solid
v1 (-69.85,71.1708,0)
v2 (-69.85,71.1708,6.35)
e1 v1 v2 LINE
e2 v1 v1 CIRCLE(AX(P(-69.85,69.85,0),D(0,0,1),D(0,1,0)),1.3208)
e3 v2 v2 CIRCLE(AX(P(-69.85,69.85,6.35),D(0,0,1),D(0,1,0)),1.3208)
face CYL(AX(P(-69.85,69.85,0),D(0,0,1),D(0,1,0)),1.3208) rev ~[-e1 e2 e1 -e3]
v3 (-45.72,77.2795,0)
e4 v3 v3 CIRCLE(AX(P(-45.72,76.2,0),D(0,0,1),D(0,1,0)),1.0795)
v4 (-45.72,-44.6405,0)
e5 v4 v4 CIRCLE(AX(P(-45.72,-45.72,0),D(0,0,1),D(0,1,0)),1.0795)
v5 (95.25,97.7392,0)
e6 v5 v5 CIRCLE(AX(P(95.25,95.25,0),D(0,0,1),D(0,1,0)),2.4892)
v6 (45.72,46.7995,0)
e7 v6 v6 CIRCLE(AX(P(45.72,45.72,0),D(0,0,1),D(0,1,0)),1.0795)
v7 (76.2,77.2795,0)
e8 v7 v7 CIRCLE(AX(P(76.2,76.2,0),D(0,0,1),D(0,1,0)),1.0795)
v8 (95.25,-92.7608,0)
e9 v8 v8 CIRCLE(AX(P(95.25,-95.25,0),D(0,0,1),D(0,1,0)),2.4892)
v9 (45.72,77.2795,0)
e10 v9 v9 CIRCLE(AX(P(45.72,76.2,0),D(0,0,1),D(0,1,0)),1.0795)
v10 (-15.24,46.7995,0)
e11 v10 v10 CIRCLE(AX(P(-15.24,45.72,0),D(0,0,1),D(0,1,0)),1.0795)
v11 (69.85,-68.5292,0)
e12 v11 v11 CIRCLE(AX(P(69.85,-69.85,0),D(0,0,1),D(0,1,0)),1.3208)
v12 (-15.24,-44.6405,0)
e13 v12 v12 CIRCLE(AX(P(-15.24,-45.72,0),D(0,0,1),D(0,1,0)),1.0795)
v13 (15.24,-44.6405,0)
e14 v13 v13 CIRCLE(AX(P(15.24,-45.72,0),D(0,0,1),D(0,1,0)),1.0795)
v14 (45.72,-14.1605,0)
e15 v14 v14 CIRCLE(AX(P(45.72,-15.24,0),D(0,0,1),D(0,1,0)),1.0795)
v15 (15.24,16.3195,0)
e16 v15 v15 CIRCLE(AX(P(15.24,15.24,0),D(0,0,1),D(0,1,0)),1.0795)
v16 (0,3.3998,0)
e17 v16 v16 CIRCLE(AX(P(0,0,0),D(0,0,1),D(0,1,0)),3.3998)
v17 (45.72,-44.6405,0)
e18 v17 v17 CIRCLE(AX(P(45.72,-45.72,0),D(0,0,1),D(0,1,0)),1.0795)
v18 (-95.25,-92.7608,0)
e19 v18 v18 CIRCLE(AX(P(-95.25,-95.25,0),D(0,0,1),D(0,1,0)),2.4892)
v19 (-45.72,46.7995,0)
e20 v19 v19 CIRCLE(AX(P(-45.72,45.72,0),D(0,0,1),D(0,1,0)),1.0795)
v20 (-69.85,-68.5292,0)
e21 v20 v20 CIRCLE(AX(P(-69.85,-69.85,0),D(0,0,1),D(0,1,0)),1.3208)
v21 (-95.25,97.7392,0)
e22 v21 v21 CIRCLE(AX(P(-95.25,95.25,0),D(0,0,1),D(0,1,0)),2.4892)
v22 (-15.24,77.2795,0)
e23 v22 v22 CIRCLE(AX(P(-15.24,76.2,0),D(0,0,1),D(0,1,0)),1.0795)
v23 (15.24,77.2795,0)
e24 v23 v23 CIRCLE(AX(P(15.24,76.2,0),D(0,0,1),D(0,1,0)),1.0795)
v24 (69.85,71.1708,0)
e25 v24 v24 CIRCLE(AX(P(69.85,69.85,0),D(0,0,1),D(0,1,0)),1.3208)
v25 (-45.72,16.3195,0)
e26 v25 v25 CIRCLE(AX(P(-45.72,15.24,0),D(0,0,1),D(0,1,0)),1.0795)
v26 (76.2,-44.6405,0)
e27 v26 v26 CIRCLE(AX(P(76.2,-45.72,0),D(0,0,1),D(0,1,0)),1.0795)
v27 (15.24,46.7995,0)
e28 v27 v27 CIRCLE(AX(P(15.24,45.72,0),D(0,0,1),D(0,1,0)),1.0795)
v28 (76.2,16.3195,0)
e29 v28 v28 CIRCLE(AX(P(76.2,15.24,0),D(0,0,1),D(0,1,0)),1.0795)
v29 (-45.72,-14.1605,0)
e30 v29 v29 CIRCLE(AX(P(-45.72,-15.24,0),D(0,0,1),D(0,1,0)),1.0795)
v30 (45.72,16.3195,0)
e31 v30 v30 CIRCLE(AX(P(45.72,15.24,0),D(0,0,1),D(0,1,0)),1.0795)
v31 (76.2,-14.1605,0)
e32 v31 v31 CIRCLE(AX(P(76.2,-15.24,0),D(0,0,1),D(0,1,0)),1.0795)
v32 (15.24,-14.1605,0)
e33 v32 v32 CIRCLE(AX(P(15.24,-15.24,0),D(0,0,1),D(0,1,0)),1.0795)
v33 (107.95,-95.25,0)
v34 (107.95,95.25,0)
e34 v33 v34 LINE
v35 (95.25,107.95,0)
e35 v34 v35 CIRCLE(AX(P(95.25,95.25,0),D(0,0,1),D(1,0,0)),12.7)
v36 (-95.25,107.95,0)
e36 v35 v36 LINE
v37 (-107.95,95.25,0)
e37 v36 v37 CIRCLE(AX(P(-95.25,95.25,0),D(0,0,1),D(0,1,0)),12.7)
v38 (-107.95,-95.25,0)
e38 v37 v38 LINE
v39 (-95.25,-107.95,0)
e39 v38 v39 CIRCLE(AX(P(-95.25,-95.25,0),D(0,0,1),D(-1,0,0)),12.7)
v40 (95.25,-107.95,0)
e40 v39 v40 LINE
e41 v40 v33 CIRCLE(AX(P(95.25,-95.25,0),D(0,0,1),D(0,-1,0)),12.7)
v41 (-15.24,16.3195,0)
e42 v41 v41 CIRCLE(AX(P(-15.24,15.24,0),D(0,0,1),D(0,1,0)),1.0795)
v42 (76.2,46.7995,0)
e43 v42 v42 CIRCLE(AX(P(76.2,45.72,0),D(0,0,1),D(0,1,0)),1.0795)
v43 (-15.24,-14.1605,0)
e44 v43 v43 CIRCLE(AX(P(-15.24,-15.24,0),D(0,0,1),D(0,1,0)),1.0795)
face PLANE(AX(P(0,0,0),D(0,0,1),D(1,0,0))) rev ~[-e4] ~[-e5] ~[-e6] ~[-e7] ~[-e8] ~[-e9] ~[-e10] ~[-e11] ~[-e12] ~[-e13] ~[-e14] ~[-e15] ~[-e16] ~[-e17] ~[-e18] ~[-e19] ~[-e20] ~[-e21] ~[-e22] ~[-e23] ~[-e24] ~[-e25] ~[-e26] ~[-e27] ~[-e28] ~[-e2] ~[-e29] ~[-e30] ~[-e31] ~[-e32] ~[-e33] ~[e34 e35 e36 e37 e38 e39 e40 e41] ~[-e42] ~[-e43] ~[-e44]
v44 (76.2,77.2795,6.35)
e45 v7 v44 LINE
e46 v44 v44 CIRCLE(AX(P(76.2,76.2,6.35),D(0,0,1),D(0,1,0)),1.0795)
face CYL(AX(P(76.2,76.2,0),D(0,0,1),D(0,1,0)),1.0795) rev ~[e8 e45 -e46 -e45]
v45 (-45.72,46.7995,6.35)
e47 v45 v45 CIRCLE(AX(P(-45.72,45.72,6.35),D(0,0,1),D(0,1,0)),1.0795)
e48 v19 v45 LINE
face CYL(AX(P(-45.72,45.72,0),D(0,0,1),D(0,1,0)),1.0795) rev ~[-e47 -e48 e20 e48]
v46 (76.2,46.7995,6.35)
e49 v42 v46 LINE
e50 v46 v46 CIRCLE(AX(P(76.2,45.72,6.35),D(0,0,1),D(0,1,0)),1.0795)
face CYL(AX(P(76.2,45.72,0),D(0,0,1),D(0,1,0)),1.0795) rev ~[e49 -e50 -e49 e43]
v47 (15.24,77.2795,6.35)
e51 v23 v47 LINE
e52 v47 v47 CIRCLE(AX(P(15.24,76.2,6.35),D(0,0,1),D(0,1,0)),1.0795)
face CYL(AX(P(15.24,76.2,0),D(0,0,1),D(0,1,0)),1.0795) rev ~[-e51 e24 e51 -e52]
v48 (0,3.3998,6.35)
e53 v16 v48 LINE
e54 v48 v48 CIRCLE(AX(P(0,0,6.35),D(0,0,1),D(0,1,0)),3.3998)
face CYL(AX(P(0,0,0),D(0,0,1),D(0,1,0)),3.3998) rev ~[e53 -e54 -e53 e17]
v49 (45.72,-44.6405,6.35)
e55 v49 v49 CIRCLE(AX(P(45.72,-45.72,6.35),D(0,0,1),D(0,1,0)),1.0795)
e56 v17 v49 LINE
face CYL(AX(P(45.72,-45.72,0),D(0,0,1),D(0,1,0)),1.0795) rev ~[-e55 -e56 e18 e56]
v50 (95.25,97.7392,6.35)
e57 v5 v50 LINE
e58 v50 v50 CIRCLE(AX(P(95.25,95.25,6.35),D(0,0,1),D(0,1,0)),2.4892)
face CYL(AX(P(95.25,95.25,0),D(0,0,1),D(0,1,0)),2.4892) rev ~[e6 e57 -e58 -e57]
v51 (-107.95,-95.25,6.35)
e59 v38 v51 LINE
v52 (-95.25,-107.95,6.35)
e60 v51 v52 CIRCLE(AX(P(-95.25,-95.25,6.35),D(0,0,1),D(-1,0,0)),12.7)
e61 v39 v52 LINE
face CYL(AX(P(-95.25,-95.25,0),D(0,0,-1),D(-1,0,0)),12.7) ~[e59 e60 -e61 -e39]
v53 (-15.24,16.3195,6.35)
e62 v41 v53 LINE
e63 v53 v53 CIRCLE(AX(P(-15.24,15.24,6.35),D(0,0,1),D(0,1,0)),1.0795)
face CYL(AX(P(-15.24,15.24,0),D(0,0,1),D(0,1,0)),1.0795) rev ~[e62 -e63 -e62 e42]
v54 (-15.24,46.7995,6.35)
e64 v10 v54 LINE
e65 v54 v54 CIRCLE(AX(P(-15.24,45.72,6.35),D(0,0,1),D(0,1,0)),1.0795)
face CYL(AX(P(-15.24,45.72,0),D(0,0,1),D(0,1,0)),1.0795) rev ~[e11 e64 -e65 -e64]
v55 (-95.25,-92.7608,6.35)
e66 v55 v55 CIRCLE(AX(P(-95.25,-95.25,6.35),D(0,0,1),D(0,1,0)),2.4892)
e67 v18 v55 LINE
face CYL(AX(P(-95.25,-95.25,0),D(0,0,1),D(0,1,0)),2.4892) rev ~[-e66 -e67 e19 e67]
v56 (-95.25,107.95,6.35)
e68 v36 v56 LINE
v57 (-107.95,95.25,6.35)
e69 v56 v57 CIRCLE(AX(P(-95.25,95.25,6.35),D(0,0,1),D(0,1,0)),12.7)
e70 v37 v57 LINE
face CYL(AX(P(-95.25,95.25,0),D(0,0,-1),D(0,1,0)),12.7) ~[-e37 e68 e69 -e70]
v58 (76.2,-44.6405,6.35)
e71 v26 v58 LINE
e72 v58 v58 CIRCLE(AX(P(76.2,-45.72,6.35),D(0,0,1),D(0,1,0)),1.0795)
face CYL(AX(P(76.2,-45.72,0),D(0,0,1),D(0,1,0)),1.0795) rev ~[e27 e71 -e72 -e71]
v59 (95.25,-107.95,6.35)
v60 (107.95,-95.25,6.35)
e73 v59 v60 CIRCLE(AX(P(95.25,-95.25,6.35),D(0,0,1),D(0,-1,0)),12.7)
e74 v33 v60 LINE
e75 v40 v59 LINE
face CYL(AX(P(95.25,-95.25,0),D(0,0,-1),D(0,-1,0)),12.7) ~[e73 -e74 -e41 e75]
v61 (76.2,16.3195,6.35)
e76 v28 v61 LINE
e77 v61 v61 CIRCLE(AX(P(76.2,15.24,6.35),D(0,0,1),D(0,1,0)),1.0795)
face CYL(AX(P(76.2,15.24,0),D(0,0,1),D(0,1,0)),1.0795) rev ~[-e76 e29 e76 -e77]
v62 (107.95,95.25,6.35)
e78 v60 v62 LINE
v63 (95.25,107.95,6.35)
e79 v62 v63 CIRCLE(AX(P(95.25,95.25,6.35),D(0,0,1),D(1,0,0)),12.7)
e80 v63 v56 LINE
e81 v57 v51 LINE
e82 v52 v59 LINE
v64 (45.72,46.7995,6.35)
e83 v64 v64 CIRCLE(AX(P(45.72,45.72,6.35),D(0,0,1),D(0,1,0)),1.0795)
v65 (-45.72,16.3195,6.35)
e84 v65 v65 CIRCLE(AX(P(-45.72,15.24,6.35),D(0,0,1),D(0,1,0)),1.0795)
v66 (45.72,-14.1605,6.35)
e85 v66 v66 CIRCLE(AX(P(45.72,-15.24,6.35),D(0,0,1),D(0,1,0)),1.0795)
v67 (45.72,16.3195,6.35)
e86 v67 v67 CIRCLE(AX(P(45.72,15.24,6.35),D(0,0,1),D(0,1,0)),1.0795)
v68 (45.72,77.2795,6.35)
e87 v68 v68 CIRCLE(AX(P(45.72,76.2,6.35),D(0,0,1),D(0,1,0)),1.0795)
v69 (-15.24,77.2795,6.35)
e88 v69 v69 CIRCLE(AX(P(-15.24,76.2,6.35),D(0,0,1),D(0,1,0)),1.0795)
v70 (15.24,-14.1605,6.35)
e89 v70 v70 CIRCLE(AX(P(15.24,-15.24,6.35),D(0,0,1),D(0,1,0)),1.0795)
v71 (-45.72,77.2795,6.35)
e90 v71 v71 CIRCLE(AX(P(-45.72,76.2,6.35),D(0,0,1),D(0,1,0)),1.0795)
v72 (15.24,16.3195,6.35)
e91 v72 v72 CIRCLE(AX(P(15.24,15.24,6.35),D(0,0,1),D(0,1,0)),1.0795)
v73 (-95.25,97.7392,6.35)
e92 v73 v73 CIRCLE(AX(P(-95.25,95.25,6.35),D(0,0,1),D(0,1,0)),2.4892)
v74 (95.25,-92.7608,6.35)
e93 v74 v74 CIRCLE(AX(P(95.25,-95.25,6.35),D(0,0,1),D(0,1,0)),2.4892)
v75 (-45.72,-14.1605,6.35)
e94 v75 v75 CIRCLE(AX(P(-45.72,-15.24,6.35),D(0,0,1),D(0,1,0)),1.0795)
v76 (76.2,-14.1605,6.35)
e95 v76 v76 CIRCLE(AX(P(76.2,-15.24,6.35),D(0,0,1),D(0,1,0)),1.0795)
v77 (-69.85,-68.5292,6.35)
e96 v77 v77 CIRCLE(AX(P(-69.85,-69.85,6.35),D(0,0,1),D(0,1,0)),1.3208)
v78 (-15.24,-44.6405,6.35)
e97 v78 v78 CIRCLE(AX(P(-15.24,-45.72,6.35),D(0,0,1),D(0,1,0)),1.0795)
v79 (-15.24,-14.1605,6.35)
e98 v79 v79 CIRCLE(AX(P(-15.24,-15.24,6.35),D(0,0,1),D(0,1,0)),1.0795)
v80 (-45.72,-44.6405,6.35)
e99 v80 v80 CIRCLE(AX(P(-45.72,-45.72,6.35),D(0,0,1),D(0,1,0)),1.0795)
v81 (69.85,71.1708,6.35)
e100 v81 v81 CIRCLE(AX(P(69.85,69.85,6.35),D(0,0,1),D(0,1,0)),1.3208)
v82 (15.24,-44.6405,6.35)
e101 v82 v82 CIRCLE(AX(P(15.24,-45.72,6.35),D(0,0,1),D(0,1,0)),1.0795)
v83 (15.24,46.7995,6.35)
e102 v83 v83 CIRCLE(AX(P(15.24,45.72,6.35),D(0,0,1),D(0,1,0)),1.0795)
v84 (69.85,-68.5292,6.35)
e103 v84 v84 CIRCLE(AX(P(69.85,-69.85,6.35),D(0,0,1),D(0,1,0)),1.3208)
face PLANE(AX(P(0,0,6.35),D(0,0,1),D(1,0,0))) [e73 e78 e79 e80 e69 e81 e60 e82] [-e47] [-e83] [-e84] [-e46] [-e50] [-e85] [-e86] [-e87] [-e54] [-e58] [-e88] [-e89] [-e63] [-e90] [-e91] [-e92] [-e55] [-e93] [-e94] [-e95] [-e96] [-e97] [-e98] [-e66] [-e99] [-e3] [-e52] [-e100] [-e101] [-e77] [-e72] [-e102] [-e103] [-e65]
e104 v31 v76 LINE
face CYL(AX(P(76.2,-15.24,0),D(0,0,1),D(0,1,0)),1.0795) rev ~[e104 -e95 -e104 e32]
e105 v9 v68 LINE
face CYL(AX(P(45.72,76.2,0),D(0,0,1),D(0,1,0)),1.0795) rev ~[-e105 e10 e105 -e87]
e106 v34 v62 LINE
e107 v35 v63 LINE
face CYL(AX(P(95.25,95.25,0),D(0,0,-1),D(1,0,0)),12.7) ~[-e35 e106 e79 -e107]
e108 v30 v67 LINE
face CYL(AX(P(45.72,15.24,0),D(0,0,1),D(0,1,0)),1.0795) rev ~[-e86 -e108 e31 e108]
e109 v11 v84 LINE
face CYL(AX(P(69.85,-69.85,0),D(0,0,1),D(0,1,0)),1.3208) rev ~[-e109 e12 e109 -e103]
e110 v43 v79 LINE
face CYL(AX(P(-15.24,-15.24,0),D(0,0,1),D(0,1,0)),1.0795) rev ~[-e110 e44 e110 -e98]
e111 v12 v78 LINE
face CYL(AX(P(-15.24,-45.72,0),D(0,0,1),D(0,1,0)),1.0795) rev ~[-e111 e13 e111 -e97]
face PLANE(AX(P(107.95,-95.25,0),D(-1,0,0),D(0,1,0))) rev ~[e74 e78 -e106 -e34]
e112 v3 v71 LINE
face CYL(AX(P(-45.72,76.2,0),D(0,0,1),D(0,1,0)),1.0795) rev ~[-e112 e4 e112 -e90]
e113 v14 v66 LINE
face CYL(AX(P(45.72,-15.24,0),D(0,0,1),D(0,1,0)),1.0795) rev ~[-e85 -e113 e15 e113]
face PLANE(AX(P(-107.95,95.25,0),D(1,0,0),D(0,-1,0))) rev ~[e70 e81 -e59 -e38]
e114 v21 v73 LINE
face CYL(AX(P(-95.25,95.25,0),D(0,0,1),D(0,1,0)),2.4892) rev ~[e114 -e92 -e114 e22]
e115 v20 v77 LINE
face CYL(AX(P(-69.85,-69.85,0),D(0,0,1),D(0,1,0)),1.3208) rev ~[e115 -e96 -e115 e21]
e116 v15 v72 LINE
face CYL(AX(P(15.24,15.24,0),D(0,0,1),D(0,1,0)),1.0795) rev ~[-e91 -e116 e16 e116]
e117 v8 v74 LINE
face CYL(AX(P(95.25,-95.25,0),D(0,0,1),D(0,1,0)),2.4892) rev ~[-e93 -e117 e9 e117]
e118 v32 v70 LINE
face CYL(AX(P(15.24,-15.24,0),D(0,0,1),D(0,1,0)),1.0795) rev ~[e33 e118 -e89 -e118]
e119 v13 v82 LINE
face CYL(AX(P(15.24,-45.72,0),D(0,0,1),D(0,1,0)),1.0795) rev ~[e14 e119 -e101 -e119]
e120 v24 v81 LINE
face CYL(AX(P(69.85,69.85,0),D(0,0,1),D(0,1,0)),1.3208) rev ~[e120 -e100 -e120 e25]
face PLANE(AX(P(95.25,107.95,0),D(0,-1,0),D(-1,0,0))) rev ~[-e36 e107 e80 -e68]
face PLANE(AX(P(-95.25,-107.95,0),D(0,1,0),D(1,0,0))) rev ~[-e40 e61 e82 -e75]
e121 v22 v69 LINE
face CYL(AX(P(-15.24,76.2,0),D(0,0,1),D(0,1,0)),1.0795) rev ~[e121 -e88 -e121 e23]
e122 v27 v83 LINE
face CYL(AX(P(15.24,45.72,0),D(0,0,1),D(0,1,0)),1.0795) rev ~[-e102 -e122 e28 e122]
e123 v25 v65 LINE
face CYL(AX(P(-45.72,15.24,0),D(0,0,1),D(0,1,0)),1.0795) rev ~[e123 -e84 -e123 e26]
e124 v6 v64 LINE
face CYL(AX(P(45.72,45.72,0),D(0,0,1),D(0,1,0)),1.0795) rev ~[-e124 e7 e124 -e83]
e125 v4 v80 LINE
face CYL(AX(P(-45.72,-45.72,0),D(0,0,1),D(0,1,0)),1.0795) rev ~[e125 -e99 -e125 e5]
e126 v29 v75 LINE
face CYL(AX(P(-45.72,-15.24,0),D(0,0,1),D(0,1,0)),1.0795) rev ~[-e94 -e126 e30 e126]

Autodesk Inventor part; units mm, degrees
ref_plane "YZ Plane" through (0, 0, 0) normal (1, 0, 0) x (0, 1, 0)
ref_plane "XZ Plane" through (0, 0, 0) normal (0, 1, 0) x (-1, 0, 0)
ref_plane "XY Plane" through (0, 0, 0) normal (0, 0, 1) x (1, 0, 0)
sketch "Sketch1" plane through (0, 0, 0) normal (0, 0, 1) x (1, 0, 0)
  line L0 (-95.25, -107.95) -> (95.25, -107.95)
  line L1 (107.95, -95.25) -> (107.95, 95.25)
  line L2 (95.25, 107.95) -> (-95.25, 107.95)
  line L3 (-107.95, 95.25) -> (-107.95, -95.25)
  arc A0 (-95.25, 107.95) -> (-107.95, 95.25) centre (-95.25, 95.25) ccw
  arc A1 (107.95, 95.25) -> (95.25, 107.95) centre (95.25, 95.25) ccw
  arc A2 (95.25, -107.95) -> (107.95, -95.25) centre (95.25, -95.25) ccw
  arc A3 (-107.95, -95.25) -> (-95.25, -107.95) centre (-95.25, -95.25) ccw
  line L4 (-69.85, 69.85) -> (69.85, 69.85) construction
  line L5 (69.85, 69.85) -> (69.85, -69.85) construction
  line L6 (69.85, -69.85) -> (-69.85, -69.85) construction
  line L7 (-69.85, -69.85) -> (-69.85, 69.85) construction
  line L8 (-154.8124, 0) -> (154.8124, 0) construction
  line L9 (0, -154.8124) -> (0, 154.8124) construction
  point P0 (0, 0)
  point P1 (-107.95, -107.95)
  point P2 (107.95, 107.95)
  point P3 (107.95, -107.95)
  point P4 (-107.95, 107.95)
  point P5 (0, 0)
  point P6 (0, 107.95)
  point P7 (107.95, 0)
  point P8 (0, 0)
  point P9 (69.85, 0)
  point P10 (0, 69.85)
  point P11 (-45.72, -45.72)
  point P12 (-45.72, -15.24)
  point P13 (-45.72, 15.24)
  point P14 (-45.72, 45.72)
  point P15 (-45.72, 76.2)
  point P16 (-15.24, -45.72)
  point P17 (-15.24, -15.24)
  point P18 (-15.24, 15.24)
  point P19 (-15.24, 45.72)
  point P20 (-15.24, 76.2)
  point P21 (15.24, -45.72)
  point P22 (15.24, -15.24)
  point P23 (15.24, 15.24)
  point P24 (15.24, 45.72)
  point P25 (15.24, 76.2)
  point P26 (45.72, -45.72)
  point P27 (45.72, -15.24)
  point P28 (45.72, 15.24)
  point P29 (45.72, 45.72)
  point P30 (45.72, 76.2)
  point P31 (76.2, -45.72)
  point P32 (76.2, -15.24)
  point P33 (76.2, 15.24)
  point P34 (76.2, 45.72)
  point P35 (76.2, 76.2)
  dimension "d0" = 215.9
  dimension "d1" = 215.9
  dimension "d46" = 12.7
  dimension "d61" = 139.7
  dimension "d62" = 139.7
  dimension "d65" = 30.48
  dimension "d68" = 30.48
extrude "Extrusion1" add sketch "Sketch1" along normal blind 6.35
hole "Hole5" at (-95.25, 95.25, 0) at (95.25, 95.25, 0) at (95.25, -95.25, 0) at (-95.25, -95.25, 0) direction (0, 0, 1) diameter 4.9784 end through all thread size "1/4-20 UNC" class "2B" standard "ANSI Unified Screw Threads"
hole "Hole6" at (0, 0, 0) direction (0, 0, 1) diameter 6.7996 end through all
hole "Hole7" at (-45.72, -45.72, 0) at (-45.72, -15.24, 0) at (-45.72, 15.24, 0) at (-45.72, 45.72, 0) at (-45.72, 76.2, 0) at (-15.24, -45.72, 0) at (-15.24, -15.24, 0) at (-15.24, 15.24, 0) at (-15.24, 45.72, 0) at (-15.24, 76.2, 0) at (15.24, -45.72, 0) at (15.24, -15.24, 0) at (15.24, 15.24, 0) at (15.24, 45.72, 0) at (15.24, 76.2, 0) at (45.72, -45.72, 0) at (45.72, -15.24, 0) at (45.72, 15.24, 0) at (45.72, 45.72, 0) at (45.72, 76.2, 0) at (76.2, -45.72, 0) at (76.2, -15.24, 0) at (76.2, 15.24, 0) at (76.2, 45.72, 0) at (76.2, 76.2, 0) direction (0, 0, 1) diameter 2.159 end through all
hole "Hole8" at (69.85, 69.85, 0) at (-69.85, 69.85, 0) at (-69.85, -69.85, 0) at (69.85, -69.85, 0) direction (0, 0, 1) diameter 2.6416 end through all thread size "6-32 UNC" class "2B" standard "ANSI Unified Screw Threads"
equation "\"d1\" = d0"
equation "\"d62\" = d61"
properties part number "J007127" material "ALUMINUM, 6061-T651"
